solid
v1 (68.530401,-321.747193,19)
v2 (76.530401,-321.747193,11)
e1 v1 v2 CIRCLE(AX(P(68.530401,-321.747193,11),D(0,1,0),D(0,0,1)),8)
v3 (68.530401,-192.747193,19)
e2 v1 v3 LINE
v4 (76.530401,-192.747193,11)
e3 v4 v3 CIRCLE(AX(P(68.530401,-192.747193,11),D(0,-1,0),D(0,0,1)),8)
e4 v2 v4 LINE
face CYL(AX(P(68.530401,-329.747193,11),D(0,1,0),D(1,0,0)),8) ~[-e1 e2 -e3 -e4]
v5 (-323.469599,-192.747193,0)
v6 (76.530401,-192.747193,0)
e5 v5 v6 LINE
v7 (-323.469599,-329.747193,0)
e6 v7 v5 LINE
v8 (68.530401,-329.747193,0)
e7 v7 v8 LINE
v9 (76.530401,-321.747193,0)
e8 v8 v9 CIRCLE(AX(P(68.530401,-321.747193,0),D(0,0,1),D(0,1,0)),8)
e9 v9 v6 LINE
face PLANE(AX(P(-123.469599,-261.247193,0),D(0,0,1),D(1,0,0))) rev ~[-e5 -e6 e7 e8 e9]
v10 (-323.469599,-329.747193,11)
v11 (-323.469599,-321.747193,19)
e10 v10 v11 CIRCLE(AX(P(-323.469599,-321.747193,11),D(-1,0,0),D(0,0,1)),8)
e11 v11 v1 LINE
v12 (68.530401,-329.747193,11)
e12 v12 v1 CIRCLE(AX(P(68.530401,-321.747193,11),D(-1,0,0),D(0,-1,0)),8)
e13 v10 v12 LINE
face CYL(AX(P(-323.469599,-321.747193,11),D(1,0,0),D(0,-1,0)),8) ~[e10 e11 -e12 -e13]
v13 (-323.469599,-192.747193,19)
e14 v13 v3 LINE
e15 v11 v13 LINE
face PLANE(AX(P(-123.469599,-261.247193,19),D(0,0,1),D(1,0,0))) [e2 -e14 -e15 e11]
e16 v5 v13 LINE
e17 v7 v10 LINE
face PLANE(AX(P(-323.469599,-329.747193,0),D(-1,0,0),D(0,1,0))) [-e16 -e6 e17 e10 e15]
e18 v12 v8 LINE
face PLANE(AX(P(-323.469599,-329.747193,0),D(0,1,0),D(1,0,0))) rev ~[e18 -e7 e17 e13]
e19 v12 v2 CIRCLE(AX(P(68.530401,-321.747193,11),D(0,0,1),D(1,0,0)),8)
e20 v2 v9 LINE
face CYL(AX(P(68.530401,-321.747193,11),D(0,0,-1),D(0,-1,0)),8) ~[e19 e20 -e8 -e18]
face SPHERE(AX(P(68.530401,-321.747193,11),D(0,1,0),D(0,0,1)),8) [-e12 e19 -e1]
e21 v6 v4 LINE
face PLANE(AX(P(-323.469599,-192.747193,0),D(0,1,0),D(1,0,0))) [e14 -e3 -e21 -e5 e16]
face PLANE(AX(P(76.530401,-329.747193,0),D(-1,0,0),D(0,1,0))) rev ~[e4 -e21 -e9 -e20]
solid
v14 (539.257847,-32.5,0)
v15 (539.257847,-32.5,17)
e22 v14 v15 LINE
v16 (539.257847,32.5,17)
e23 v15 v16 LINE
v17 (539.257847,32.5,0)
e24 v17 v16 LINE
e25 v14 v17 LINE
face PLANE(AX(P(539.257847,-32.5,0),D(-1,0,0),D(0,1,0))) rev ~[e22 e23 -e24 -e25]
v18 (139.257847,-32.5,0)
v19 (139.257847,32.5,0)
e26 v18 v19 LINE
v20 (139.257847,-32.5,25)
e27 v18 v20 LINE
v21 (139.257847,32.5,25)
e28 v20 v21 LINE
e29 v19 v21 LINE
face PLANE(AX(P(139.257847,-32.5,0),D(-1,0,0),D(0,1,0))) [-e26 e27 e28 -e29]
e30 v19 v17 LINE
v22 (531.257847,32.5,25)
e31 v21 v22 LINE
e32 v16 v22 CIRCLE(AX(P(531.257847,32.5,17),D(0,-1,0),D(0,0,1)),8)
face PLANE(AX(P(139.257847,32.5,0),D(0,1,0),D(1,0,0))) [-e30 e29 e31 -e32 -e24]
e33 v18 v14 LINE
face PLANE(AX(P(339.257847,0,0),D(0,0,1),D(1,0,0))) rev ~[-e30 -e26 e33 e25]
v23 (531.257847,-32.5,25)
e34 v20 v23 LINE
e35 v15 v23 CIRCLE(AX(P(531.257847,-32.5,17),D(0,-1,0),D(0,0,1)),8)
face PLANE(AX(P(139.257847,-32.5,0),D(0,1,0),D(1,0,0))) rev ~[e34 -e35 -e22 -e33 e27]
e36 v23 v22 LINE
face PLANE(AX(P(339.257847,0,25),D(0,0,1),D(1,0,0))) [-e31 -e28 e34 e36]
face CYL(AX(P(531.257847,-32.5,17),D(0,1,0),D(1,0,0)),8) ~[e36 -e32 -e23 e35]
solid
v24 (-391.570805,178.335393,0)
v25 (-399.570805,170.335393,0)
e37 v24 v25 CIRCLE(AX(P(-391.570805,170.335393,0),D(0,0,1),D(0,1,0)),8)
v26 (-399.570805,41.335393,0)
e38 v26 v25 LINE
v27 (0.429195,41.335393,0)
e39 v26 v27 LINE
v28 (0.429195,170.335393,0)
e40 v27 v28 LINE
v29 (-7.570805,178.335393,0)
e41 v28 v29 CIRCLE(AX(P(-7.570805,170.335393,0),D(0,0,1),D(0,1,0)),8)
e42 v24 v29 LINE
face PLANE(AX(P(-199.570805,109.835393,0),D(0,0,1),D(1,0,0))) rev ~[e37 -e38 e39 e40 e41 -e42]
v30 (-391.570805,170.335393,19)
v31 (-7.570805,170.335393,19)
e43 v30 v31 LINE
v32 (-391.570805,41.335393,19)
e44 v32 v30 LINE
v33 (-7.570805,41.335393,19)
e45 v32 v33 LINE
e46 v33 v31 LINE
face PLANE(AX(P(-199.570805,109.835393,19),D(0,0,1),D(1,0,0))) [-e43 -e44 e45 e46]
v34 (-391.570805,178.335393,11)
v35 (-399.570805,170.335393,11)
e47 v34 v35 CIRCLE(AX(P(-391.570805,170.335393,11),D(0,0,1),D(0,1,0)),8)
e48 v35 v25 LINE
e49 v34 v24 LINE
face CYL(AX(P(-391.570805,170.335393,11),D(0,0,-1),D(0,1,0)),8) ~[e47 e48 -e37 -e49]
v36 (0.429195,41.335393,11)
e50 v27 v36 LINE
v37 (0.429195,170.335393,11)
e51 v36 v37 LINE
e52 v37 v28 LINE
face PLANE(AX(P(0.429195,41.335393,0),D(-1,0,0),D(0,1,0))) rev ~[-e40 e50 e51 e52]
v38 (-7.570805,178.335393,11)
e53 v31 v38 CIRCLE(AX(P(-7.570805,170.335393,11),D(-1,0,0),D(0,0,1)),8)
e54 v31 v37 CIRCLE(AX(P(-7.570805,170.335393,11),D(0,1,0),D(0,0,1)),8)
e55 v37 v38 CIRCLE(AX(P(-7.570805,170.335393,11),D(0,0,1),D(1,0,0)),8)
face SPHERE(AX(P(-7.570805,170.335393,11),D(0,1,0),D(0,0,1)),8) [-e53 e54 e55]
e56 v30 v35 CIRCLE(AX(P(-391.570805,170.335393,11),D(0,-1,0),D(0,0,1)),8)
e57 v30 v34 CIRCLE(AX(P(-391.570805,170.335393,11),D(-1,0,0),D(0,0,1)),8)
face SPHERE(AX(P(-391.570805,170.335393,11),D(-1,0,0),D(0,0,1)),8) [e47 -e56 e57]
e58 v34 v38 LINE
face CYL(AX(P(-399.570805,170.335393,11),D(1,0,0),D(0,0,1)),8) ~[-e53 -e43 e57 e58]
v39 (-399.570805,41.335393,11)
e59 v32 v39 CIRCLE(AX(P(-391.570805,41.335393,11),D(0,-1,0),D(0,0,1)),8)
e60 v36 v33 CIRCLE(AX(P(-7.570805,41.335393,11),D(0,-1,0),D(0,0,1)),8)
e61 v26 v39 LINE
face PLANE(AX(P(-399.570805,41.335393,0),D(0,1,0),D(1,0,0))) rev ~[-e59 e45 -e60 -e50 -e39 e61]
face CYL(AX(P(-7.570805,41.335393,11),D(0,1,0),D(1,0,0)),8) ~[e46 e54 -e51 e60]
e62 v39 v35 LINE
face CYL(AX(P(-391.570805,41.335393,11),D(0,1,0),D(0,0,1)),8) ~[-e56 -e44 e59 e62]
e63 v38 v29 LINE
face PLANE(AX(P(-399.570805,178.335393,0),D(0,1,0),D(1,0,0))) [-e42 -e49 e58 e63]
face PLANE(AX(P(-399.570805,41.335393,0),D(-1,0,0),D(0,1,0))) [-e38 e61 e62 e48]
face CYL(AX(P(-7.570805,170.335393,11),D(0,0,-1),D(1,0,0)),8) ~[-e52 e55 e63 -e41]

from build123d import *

# Parameters (mm, degrees)
F0_W     = 400
F0_H     = 137
F3_DEPTH = 19
F1_W     = 400
F1_H     = 137
F4_DEPTH = 19
F2_W     = 400
F2_H     = 65
F5_DEPTH = 25
F6_R     = 8
F7_R     = 8
F8_R     = 8
F9_R     = 8
F10_R    = 8
F11_R    = 8


with BuildPart() as f3:
    # F0 (on Top) → F3 (new body)
    with BuildSketch(Plane.XY):
        with Locations((-199.570805, 109.835393)):
            Rectangle(F0_W, F0_H)
    extrude(amount=F3_DEPTH)

    # F6
    f6_edges = [f3.edges().sort_by_distance(p)[0] for p in [
        (0.429195, 109.835393, 19),
    ]]
    fillet(f6_edges, radius=F6_R)

    # F10
    f10_edges = [f3.edges().sort_by_distance(p)[0] for p in [
        (-203.570805, 178.335393, 19),
    ]]
    fillet(f10_edges, radius=F10_R)

    # F11
    f11_edges = [f3.edges().sort_by_distance(p)[0] for p in [
        (-399.570805, 105.835393, 19),
    ]]
    fillet(f11_edges, radius=F11_R)


with BuildPart() as f4:
    # F1 (on Top) → F4 (new body)
    with BuildSketch(Plane.XY):
        with Locations((-123.469599, -261.247193)):
            Rectangle(F1_W, F1_H)
    extrude(amount=F4_DEPTH)

    # F8
    f8_edges = [f4.edges().sort_by_distance(p)[0] for p in [
        (76.530401, -261.247193, 19),
    ]]
    fillet(f8_edges, radius=F8_R)

    # F9
    f9_edges = [f4.edges().sort_by_distance(p)[0] for p in [
        (-127.469599, -329.747193, 19),
    ]]
    fillet(f9_edges, radius=F9_R)


with BuildPart() as f5:
    # F2 (on Top) → F5 (new body)
    with BuildSketch(Plane.XY):
        with Locations((339.257847, 0)):
            Rectangle(F2_W, F2_H)
    extrude(amount=F5_DEPTH)

    # F7
    f7_edges = [f5.edges().sort_by_distance(p)[0] for p in [
        (539.257847, 0, 25),
    ]]
    fillet(f7_edges, radius=F7_R)


solid = Compound([f3.part, f4.part, f5.part])
